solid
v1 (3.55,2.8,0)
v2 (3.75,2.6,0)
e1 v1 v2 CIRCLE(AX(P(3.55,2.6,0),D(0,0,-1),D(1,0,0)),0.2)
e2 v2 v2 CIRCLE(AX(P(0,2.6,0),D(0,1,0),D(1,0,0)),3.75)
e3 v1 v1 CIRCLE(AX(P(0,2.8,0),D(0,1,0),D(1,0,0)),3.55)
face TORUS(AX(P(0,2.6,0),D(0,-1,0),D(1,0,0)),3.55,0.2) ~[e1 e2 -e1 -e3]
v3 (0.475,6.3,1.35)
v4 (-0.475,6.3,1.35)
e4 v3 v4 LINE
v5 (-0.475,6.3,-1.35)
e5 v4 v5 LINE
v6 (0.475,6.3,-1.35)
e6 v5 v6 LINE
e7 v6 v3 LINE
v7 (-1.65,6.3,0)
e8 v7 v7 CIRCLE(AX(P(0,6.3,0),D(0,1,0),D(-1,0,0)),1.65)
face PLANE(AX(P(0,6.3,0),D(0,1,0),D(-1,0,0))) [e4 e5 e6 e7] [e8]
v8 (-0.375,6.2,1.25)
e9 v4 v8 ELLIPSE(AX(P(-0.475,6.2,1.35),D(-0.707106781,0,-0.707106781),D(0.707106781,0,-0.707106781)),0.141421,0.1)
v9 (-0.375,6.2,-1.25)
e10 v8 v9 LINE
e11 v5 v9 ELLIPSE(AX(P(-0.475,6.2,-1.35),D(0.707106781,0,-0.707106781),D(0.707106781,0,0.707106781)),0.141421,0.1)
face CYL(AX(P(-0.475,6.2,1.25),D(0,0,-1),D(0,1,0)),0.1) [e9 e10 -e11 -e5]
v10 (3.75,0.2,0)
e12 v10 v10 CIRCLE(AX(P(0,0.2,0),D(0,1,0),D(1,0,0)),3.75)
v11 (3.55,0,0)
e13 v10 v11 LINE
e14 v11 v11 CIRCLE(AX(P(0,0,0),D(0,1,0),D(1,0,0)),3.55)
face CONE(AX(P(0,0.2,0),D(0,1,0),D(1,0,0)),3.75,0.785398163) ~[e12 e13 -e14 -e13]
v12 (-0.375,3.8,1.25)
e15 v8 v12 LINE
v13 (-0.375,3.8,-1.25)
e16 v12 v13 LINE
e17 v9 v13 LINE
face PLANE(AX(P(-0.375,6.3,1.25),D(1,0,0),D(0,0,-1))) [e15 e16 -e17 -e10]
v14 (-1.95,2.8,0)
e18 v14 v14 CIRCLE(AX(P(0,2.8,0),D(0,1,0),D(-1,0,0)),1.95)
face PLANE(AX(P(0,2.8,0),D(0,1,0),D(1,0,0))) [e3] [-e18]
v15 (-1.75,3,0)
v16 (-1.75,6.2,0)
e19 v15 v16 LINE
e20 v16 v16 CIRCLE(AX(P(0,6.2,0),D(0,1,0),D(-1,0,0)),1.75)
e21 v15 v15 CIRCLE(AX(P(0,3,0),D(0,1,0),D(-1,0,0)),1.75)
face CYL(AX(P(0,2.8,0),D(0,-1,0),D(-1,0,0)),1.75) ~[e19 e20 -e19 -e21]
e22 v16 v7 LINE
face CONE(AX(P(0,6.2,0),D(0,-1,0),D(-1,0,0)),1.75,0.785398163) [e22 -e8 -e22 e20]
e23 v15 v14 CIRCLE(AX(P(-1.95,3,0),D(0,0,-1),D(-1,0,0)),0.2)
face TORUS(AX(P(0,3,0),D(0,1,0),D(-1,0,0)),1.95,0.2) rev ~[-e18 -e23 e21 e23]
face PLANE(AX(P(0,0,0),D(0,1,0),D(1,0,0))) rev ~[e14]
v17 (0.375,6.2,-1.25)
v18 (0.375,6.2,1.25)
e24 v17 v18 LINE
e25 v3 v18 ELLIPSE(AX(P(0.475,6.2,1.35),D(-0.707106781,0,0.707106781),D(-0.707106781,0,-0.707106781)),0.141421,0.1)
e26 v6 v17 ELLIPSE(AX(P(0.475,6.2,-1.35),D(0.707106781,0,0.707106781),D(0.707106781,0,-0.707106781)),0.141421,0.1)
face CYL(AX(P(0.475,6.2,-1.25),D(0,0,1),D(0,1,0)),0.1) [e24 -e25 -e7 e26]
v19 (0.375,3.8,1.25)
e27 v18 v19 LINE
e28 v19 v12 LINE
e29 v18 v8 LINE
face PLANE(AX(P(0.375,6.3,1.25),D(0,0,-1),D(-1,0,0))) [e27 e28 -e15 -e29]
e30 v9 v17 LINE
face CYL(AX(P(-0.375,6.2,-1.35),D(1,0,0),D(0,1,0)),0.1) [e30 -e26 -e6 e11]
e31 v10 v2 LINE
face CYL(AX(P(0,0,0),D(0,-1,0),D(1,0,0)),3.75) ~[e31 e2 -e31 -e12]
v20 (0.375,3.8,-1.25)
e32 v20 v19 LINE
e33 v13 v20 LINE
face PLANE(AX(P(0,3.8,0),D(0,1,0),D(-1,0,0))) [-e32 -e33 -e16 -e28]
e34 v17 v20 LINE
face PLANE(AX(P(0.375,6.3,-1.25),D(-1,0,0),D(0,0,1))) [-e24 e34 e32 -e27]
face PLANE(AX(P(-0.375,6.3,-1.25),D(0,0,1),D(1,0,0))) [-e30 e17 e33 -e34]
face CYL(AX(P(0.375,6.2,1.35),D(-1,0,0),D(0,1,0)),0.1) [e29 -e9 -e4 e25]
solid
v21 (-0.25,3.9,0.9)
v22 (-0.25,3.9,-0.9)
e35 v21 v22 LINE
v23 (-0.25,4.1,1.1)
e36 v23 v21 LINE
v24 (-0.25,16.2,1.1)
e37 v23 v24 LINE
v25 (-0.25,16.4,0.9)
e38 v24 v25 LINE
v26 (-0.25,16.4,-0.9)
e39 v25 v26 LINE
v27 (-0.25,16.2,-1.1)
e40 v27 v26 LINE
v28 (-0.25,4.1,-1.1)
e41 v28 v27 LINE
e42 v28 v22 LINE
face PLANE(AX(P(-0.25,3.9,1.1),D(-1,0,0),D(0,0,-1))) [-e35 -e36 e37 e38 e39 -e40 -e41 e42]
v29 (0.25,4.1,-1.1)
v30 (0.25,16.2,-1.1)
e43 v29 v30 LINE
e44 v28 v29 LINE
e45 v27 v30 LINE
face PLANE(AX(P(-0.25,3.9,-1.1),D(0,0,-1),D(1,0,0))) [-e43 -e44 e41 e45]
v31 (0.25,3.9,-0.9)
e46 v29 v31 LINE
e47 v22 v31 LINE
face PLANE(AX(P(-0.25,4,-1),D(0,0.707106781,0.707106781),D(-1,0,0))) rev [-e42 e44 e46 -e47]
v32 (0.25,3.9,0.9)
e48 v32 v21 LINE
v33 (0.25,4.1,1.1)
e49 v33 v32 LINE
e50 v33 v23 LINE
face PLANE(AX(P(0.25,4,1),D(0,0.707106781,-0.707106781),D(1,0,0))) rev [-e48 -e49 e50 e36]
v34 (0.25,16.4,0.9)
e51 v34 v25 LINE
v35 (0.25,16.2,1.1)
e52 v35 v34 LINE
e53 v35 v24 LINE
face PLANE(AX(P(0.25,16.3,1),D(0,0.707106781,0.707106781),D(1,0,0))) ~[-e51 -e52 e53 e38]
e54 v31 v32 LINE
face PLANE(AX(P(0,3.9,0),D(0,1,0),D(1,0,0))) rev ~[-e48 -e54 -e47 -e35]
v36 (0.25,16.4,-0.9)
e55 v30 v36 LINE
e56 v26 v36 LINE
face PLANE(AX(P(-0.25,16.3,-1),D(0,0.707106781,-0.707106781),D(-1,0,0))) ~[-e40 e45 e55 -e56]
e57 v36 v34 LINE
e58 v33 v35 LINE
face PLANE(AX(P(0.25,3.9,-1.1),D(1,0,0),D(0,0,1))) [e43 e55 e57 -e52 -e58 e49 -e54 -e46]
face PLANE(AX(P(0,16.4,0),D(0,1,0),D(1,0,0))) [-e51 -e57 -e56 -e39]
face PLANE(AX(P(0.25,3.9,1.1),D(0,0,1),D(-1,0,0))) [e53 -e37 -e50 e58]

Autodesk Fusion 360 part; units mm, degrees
sketch "Sketch1" plane through (0, 0, 0) normal (0, 1, 0) x (1, 0, 0) in component "Shutter_Cap"
  circle A0 centre (0, 0) radius 3.75
  dimension "d3" = 7.5
extrude "Extrude1" add sketch "Sketch1" along normal blind 2.8 makes body 1 in component "Shutter_Cap"
sketch "Sketch2" plane through (0, 2.8, 0) normal (0, 1, 0) x (-1, 0, 0) in component "Shutter_Cap"
  circle A0 centre (0, 0) radius 3.75
  circle A1 centre (0, 0) radius 1.75
  dimension "d8" = 3.5
extrude "Extrude2" add sketch "Sketch2" along normal blind 3.5 contours A1 bodies 1 in component "Shutter_Cap"
sketch "Sketch3" plane through (0, 6.3, 0) normal (0, 1, 0) x (-1, 0, 0) in component "Shutter_Cap"
  circle A0 centre (0, 0) radius 1.75
  line L0 (-0.375, 1.25) -> (0.375, 1.25)
  line L1 (0.375, 1.25) -> (0.375, -1.25)
  line L2 (0.375, -1.25) -> (-0.375, -1.25)
  line L3 (-0.375, -1.25) -> (-0.375, 1.25)
  line L4 (-0.375, 1.25) -> (0.375, -1.25) construction
  line L5 (0.375, 1.25) -> (-0.375, -1.25) construction
  dimension "d11" = 0.75
  dimension "d12" = 2.5
extrude "Extrude3" cut sketch "Sketch3" against normal blind 2.5 contours L0 L1 L2 L3 bodies 1 in component "Shutter_Cap"
chamfer "Chamfer1" distance 0.2 angle 45 1 edges at (-3.4962, 0, 1.3561) on bodies 1 in component "Shutter_Cap"
chamfer "Chamfer2" distance 0.1 angle 45 1 edges at (1.6316, 6.3, -0.6328) on bodies 1 in component "Shutter_Cap"
fillet "Fillet1" radius 0.2 2 edges at (1.6316, 2.8, 0.6328) (-3.4962, 2.8, 1.3561) on bodies 1 in component "Shutter_Cap"
fillet "Fillet2" radius 0.1 4 edges at (0, 6.3, -1.25) (-0.375, 6.3, 0) (0, 6.3, 1.25) (0.375, 6.3, 0) on bodies 1 in component "Shutter_Cap"
ref_plane "WorkPlane1" through (0, 3.9, 0) normal (0, 1, 0) x (0, 0, 1) in component "Shutter_Blade"
sketch "Sketch1 (2)" plane through (0, 3.9, 0) normal (0, 1, 0) x (1, 0, 0) in component "Shutter_Blade"
  line L0 (0.25, -1.1) -> (-0.25, -1.1)
  line L1 (-0.25, -1.1) -> (-0.25, 1.1)
  line L2 (-0.25, 1.1) -> (0.25, 1.1)
  line L3 (0.25, 1.1) -> (0.25, -1.1)
  line L4 (0.25, -1.1) -> (-0.25, 1.1) construction
  line L5 (-0.25, -1.1) -> (0.25, 1.1) construction
  dimension "d32" = 0.2
extrude "Extrude1'" add sketch "Sketch1 (2)" along normal blind 12.5 separate body makes body 2 in component "Shutter_Blade"
chamfer "Chamfer1'" distance 0.2 angle 45 4 edges at (0, 16.4, 1.1) (0, 16.4, -1.1) (0, 3.9, 1.1) (0, 3.9, -1.1) on bodies 2 in component "Shutter_Blade"
component "Shutter_Cap" placed x (1, 0, 0) y (0, 1, 0) z (0, 0, 1) at (0, 0, 0)
component "Shutter_Blade" placed x (1, 0, 0) y (0, 1, 0) z (0, 0, 1) at (0, 0, 0)
equation "Shutter_Cap_Head_Dia = 7.5 mm"
equation "Shutter_Cap_Head_Thk = 2.8 mm"
equation "d3 = Shutter_Cap_Head_Dia"
equation "d4 = Shutter_Cap_Head_Thk"
equation "Shutter_Cap_Shaft_Dia = 3.5 mm"
equation "Shutter_Cap_Shaft_Length = 3.5 mm"
equation "d8 = Shutter_Cap_Shaft_Dia"
equation "d9 = Shutter_Cap_Shaft_Length"
equation "d11 = Shutter_Cap_Slot_W"
equation "d12 = Shutter_Cap_Slot_L"
equation "d13 = -Shutter_Cap_Slot_D"
equation "Shutter_Cap_Slot_W = 0.75 mm"
equation "Shutter_Cap_Slot_L = 2.5 mm"
equation "Shutter_Cap_Slot_D = 2.5 mm"
equation "d25 = Shutter_Blade_W"
equation "d26 = Shutter_Blade_D"
equation "Shutter_Blade_W = 0.5 mm"
equation "Shutter_Blade_D = 2.2 mm"
equation "Shutter_Blade_L = 12.5 mm"
equation "d30 = Shutter_Blade_L"
